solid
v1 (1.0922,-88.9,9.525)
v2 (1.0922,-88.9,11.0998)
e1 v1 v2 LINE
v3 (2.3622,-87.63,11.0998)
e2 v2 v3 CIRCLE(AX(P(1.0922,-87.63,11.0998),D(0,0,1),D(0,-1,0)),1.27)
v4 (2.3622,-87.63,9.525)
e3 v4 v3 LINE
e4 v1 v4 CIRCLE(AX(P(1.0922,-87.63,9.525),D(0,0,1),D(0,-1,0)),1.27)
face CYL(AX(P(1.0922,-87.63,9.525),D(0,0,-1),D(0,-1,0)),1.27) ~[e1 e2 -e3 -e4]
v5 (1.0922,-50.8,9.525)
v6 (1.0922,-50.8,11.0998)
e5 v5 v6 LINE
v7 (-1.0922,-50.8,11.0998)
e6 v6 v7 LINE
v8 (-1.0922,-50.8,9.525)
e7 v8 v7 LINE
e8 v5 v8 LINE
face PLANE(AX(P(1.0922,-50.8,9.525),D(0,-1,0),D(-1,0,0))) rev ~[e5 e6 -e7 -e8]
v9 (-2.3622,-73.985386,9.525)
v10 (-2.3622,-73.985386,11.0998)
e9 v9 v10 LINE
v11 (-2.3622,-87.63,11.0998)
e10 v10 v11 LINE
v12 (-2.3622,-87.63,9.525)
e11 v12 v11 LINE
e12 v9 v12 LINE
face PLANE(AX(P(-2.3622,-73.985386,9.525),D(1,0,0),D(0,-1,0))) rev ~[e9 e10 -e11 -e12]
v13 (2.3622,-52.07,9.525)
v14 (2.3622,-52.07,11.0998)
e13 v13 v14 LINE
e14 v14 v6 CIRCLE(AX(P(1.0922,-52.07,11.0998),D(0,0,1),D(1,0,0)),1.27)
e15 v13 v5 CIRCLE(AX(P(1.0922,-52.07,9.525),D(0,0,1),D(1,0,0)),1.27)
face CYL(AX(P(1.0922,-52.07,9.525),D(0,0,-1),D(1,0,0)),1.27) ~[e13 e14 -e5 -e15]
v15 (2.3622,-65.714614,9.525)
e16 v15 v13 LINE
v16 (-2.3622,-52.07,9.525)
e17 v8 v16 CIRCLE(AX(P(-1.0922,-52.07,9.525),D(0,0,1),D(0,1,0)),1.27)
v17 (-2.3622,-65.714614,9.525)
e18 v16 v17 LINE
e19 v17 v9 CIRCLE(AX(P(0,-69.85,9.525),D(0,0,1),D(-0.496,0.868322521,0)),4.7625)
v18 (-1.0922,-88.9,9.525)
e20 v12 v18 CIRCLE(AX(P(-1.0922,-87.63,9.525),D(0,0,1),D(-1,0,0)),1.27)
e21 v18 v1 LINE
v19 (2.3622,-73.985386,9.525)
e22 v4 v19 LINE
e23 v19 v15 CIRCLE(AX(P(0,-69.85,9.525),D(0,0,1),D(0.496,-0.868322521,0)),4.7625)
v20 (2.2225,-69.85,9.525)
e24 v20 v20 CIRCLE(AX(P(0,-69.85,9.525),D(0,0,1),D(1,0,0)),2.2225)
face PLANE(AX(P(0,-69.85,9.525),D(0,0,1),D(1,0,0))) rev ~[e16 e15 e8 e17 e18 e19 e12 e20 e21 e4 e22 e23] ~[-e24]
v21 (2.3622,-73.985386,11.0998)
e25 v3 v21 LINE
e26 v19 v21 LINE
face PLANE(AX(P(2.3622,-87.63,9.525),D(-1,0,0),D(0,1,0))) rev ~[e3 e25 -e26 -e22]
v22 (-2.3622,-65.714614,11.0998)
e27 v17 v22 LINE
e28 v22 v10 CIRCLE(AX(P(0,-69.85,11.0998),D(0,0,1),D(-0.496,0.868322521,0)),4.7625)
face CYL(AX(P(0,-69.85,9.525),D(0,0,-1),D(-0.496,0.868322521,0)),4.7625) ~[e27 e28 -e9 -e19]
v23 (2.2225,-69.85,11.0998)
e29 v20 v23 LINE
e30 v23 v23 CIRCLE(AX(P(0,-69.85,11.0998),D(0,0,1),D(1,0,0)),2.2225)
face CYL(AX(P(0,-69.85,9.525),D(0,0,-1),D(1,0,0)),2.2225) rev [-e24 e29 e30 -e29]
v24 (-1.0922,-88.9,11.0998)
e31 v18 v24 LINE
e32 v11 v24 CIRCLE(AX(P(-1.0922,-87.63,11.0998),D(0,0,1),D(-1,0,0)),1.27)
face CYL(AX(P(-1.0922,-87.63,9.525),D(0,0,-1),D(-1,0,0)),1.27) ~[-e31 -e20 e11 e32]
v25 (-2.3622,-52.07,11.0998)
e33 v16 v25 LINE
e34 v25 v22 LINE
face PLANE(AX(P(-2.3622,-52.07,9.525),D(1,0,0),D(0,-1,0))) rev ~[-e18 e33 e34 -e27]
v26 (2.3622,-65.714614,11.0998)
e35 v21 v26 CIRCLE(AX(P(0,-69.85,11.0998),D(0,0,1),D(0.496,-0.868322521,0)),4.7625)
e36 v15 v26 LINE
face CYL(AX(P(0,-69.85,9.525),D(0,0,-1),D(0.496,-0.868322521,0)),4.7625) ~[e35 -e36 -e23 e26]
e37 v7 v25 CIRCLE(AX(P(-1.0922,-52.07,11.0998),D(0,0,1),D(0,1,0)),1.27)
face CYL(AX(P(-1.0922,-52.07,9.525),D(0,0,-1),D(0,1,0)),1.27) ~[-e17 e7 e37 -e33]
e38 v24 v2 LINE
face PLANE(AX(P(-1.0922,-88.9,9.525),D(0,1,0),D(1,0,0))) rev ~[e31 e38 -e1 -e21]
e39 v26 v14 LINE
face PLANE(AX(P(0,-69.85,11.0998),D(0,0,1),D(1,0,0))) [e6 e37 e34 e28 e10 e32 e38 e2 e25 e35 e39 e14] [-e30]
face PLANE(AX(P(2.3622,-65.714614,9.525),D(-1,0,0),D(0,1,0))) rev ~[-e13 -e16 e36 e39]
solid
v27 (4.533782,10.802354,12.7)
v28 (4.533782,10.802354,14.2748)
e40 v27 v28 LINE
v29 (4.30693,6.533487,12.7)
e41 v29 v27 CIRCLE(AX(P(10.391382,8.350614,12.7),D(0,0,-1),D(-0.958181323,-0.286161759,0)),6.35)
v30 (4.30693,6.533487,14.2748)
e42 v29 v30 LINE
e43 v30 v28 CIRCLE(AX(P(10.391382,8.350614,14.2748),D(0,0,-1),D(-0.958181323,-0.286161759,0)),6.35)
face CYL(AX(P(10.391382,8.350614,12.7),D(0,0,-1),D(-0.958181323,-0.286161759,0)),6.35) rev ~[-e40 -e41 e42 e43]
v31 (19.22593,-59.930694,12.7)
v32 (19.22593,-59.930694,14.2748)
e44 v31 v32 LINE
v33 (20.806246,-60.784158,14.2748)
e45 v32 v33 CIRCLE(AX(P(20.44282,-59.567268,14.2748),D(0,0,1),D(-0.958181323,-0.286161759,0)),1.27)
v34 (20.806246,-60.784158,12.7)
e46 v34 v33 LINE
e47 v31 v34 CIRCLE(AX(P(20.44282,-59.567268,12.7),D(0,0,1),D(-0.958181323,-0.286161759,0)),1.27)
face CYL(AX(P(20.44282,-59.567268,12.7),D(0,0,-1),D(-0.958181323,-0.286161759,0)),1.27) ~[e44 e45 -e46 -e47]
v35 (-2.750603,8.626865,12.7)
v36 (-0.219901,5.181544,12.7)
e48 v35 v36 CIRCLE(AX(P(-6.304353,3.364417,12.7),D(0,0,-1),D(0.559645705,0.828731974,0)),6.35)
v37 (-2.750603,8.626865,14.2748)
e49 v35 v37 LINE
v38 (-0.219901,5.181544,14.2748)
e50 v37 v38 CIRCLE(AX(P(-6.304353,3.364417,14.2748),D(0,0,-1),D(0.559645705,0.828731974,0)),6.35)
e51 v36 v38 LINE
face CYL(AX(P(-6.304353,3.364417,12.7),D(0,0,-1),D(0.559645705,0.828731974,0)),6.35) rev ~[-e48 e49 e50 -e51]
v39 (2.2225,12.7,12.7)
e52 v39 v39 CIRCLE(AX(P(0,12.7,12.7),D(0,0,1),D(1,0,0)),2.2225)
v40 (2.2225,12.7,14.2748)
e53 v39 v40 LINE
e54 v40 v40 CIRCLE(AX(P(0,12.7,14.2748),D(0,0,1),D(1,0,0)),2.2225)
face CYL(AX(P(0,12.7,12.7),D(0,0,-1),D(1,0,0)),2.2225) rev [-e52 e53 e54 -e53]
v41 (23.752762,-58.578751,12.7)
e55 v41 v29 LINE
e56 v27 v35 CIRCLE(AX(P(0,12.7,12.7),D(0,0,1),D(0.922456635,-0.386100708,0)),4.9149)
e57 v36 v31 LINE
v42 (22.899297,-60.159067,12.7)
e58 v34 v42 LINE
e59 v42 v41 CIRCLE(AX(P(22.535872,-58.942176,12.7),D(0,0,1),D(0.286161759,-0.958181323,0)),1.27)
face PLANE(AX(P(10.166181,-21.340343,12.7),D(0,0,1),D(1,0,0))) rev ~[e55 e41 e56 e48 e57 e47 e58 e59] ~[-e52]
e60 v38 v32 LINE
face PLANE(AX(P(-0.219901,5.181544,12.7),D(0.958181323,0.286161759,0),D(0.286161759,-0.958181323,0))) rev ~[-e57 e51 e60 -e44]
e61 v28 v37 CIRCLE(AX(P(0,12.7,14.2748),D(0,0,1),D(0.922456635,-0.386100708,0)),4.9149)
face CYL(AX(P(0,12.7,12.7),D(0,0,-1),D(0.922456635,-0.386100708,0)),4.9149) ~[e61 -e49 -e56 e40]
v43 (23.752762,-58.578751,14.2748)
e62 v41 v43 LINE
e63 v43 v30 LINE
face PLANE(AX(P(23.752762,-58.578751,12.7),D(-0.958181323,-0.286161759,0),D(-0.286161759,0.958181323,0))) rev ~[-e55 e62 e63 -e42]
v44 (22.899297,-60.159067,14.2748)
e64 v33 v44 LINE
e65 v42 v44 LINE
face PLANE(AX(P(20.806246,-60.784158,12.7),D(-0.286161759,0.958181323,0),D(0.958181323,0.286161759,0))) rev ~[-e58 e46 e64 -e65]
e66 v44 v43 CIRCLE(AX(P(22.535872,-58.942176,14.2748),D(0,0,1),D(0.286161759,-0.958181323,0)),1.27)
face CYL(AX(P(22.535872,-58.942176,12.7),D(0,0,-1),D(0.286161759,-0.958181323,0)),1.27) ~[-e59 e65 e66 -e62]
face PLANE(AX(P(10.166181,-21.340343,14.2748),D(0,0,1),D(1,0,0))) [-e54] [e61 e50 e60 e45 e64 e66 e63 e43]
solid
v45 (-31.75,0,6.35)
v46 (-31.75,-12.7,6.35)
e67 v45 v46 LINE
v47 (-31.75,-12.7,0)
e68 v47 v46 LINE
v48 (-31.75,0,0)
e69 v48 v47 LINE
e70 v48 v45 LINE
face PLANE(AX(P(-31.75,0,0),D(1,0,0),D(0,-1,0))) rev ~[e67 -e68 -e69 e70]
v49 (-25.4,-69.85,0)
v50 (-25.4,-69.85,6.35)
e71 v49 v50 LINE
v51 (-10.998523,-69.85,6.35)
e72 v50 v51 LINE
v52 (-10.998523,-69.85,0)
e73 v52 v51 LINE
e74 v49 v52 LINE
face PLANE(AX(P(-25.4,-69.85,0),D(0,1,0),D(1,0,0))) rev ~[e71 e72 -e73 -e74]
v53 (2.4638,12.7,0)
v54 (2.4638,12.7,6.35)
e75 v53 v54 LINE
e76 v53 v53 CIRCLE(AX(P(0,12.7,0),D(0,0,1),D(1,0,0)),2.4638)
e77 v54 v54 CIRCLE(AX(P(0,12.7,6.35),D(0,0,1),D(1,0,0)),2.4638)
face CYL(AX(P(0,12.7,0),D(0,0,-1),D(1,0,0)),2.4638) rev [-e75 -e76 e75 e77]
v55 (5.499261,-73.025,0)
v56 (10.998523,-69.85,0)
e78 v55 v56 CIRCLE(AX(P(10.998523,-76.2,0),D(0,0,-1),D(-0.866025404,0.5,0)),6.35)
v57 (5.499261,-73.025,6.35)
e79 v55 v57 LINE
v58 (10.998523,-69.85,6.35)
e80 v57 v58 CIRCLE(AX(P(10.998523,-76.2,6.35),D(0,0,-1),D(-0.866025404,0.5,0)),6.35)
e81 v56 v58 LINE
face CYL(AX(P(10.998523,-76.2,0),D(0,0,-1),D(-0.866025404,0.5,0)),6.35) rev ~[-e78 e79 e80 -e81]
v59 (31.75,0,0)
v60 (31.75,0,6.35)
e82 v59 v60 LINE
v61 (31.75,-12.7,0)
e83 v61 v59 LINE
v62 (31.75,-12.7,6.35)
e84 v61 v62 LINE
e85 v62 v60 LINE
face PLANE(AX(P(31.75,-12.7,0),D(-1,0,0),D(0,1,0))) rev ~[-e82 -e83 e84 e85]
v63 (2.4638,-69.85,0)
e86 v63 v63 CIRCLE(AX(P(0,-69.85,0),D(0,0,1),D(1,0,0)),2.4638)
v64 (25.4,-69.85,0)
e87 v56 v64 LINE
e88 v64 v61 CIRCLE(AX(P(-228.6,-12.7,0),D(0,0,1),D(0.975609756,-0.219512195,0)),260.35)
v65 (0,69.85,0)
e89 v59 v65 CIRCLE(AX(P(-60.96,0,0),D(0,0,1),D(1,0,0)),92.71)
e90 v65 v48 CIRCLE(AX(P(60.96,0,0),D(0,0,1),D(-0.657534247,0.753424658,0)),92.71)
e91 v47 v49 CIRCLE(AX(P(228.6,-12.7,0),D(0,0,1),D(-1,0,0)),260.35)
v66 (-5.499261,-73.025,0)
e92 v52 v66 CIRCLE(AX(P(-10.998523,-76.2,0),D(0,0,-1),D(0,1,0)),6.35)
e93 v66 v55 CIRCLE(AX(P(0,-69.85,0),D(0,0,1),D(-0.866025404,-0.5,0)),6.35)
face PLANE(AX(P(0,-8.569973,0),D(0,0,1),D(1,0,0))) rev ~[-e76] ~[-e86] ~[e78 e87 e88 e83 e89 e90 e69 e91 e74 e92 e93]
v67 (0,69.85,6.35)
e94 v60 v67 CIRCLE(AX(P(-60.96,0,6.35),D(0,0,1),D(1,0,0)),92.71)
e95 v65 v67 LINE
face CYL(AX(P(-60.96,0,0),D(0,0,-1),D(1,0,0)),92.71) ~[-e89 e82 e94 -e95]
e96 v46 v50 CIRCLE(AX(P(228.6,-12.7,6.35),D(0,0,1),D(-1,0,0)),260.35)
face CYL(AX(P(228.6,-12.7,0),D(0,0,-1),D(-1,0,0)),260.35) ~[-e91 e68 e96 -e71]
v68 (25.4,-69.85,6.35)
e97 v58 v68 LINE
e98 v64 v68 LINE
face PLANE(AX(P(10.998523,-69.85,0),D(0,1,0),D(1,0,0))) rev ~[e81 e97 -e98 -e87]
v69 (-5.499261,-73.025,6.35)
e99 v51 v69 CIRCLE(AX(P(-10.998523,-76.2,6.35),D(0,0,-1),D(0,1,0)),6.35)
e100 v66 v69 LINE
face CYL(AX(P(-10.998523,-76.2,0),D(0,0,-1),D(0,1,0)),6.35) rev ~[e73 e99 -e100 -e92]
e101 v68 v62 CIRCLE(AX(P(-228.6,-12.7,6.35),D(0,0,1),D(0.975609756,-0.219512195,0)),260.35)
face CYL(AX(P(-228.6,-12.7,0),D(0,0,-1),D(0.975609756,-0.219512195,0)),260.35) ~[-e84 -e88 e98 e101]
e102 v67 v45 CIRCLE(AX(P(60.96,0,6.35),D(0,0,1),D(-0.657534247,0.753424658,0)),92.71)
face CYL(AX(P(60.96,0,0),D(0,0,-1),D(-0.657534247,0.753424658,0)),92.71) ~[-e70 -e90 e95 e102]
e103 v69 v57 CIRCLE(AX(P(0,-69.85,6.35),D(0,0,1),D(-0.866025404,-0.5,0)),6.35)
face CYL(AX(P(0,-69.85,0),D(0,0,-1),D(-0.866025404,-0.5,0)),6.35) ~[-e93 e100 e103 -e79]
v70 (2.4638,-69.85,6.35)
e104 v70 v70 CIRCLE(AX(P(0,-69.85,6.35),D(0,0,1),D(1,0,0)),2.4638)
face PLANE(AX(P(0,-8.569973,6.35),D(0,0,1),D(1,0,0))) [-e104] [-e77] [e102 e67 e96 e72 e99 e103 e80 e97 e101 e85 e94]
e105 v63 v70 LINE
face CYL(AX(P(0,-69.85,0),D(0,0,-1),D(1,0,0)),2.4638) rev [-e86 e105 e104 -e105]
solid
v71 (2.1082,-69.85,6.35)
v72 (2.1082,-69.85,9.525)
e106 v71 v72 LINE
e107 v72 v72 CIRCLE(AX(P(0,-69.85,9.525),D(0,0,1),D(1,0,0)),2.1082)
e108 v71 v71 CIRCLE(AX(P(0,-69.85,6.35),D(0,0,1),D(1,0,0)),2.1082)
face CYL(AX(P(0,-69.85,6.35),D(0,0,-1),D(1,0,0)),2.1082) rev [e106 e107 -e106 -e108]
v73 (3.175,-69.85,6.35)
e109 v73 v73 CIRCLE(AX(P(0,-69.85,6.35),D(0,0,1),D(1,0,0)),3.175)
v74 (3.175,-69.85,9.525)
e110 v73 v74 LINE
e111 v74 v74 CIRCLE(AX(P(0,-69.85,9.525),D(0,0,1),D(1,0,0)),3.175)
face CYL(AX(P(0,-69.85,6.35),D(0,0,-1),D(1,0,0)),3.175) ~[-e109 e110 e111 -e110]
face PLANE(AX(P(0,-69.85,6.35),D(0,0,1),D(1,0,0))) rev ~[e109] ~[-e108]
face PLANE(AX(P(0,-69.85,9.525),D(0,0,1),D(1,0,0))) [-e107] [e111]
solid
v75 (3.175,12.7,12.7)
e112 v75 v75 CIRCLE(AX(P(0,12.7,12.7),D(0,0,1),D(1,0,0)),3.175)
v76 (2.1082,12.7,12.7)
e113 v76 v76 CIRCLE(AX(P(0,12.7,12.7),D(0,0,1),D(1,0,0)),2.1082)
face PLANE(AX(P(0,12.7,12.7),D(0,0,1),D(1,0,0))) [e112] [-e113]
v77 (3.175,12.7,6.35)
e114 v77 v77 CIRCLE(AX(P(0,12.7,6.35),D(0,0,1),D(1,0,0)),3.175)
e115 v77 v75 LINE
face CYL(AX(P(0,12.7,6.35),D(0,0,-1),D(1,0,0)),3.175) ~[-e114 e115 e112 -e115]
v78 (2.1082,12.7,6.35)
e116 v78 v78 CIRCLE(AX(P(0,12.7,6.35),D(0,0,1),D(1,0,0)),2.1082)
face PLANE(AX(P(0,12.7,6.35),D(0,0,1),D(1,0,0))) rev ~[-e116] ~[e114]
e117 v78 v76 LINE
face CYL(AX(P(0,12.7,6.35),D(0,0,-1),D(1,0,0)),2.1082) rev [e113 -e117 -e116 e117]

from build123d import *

# Parameters (mm, degrees)
F0_R     = 2.4638
F1_DEPTH = 6.35
F2_R     = 3.175
F2_R_2   = 2.1082
F3_DEPTH = 6.35
F4_R     = 3.175
F4_R_2   = 2.1082
F5_DEPTH = 3.175
F6_R     = 3.175
F6_R_2   = 2.2225
F7_DEPTH = 1.5748
F8_R     = 2.2225
F9_DEPTH = 1.5748


with BuildPart() as f1:
    # F0 (on Top) → F1 (new body)
    with BuildSketch(Plane.XY):
        with BuildLine():
            ThreePointArc((0, 69.85), (-23.4400761256, 38.3636709662), (-31.75, 0))
            Line((-31.75, 0), (-31.75, -12.7))
            ThreePointArc((-31.75, -12.7), (-30.1576303223, -41.4508478136), (-25.4, -69.85))
            Line((-25.4, -69.85), (-10.9985226281, -69.85))
            ThreePointArc((-10.9985226281, -69.85), (-7.8235226281, -70.700738686), (-5.499261314, -73.025))
            ThreePointArc((-5.499261314, -73.025), (0, -76.2), (5.499261314, -73.025))
            ThreePointArc((5.499261314, -73.025), (7.8235226281, -70.700738686), (10.9985226281, -69.85))
            Line((10.9985226281, -69.85), (25.4, -69.85))
            ThreePointArc((25.4, -69.85), (30.1576303223, -41.4508478136), (31.75, -12.7))
            Line((31.75, -12.7), (31.75, 0))
            ThreePointArc((31.75, 0), (23.4400761256, 38.3636709662), (0, 69.85))
        make_face()
        with Locations((0, -69.85)):
            Circle(F0_R, mode=Mode.SUBTRACT)
        with Locations((0, 12.7)):
            Circle(F0_R, mode=Mode.SUBTRACT)
    extrude(amount=F1_DEPTH)


with BuildPart() as f3:
    # F2 (on face) → F3 (new body)
    with BuildSketch(Plane.XY.offset(6.35)):
        with Locations((0, 12.7)):
            Circle(F2_R)
        with Locations((0, 12.7)):
            Circle(F2_R_2, mode=Mode.SUBTRACT)
    extrude(amount=F3_DEPTH)


with BuildPart() as f5:
    # F4 (on face) → F5 (new body)
    with BuildSketch(Plane.XY.offset(6.35)):
        with Locations((0, -69.85)):
            Circle(F4_R)
        with Locations((0, -69.85)):
            Circle(F4_R_2, mode=Mode.SUBTRACT)
    extrude(amount=F5_DEPTH)


with BuildPart() as f7:
    # F6 (on face) → F7 (new body)
    with BuildSketch(Plane.XY.offset(12.7)):
        with BuildLine():
            ThreePointArc((4.3069303436, 6.5334869638), (4.0503288857, 8.6875839131), (4.5337821143, 10.8023536288))
            ThreePointArc((4.5337821143, 10.8023536288), (-1.4064564275, 17.4093653848), (-2.7506026748, 8.6268652201))
            ThreePointArc((-2.7506026748, 8.6268652201), (-1.1866100755, 7.1235671378), (-0.2199014991, 5.1815443514))
            Line((-0.2199014991, 5.1815443514), (19.2259299593, -59.930693581))
            ThreePointArc((19.2259299593, -59.930693581), (19.8393294589, -60.6847201051), (20.8062456731, -60.7841584278))
            Line((20.8062456731, -60.7841584278), (22.8992969552, -60.1590666822))
            ThreePointArc((22.8992969552, -60.1590666822), (23.6533234794, -59.5456671826), (23.7527618021, -58.5787509685))
            Line((23.7527618021, -58.5787509685), (4.3069303436, 6.5334869638))
        make_face()
        with Locations((0, 12.7)):
            Circle(F6_R, mode=Mode.SUBTRACT)
        with Locations((0, 12.7)):
            Circle(F6_R)
        with Locations((0, 12.7)):
            Circle(F6_R_2, mode=Mode.SUBTRACT)
    extrude(amount=F7_DEPTH)


with BuildPart() as f9:
    # F8 (on face) → F9 (new body)
    with BuildSketch(Plane.XY.offset(9.525)):
        with BuildLine():
            Line((-2.3622, -52.07), (-2.3622, -65.714613995))
            ThreePointArc((-2.3622, -65.714613995), (-4.7625, -69.85), (-2.3622, -73.985386005))
            Line((-2.3622, -73.985386005), (-2.3622, -87.63))
            ThreePointArc((-2.3622, -87.63), (-1.9902256121, -88.5280256121), (-1.0922, -88.9))
            Line((-1.0922, -88.9), (1.0922, -88.9))
            ThreePointArc((1.0922, -88.9), (1.9902256121, -88.5280256121), (2.3622, -87.63))
            Line((2.3622, -87.63), (2.3622, -73.985386005))
            ThreePointArc((2.3622, -73.985386005), (4.7625, -69.85), (2.3622, -65.714613995))
            Line((2.3622, -65.714613995), (2.3622, -52.07))
            ThreePointArc((2.3622, -52.07), (1.9902256121, -51.1719743879), (1.0922, -50.8))
            Line((1.0922, -50.8), (-1.0922, -50.8))
            ThreePointArc((-1.0922, -50.8), (-1.9902256121, -51.1719743879), (-2.3622, -52.07))
        make_face()
        with Locations((0, -69.85)):
            Circle(F8_R, mode=Mode.SUBTRACT)
    extrude(amount=F9_DEPTH)


solid = Compound([f1.part, f3.part, f5.part, f7.part, f9.part])
